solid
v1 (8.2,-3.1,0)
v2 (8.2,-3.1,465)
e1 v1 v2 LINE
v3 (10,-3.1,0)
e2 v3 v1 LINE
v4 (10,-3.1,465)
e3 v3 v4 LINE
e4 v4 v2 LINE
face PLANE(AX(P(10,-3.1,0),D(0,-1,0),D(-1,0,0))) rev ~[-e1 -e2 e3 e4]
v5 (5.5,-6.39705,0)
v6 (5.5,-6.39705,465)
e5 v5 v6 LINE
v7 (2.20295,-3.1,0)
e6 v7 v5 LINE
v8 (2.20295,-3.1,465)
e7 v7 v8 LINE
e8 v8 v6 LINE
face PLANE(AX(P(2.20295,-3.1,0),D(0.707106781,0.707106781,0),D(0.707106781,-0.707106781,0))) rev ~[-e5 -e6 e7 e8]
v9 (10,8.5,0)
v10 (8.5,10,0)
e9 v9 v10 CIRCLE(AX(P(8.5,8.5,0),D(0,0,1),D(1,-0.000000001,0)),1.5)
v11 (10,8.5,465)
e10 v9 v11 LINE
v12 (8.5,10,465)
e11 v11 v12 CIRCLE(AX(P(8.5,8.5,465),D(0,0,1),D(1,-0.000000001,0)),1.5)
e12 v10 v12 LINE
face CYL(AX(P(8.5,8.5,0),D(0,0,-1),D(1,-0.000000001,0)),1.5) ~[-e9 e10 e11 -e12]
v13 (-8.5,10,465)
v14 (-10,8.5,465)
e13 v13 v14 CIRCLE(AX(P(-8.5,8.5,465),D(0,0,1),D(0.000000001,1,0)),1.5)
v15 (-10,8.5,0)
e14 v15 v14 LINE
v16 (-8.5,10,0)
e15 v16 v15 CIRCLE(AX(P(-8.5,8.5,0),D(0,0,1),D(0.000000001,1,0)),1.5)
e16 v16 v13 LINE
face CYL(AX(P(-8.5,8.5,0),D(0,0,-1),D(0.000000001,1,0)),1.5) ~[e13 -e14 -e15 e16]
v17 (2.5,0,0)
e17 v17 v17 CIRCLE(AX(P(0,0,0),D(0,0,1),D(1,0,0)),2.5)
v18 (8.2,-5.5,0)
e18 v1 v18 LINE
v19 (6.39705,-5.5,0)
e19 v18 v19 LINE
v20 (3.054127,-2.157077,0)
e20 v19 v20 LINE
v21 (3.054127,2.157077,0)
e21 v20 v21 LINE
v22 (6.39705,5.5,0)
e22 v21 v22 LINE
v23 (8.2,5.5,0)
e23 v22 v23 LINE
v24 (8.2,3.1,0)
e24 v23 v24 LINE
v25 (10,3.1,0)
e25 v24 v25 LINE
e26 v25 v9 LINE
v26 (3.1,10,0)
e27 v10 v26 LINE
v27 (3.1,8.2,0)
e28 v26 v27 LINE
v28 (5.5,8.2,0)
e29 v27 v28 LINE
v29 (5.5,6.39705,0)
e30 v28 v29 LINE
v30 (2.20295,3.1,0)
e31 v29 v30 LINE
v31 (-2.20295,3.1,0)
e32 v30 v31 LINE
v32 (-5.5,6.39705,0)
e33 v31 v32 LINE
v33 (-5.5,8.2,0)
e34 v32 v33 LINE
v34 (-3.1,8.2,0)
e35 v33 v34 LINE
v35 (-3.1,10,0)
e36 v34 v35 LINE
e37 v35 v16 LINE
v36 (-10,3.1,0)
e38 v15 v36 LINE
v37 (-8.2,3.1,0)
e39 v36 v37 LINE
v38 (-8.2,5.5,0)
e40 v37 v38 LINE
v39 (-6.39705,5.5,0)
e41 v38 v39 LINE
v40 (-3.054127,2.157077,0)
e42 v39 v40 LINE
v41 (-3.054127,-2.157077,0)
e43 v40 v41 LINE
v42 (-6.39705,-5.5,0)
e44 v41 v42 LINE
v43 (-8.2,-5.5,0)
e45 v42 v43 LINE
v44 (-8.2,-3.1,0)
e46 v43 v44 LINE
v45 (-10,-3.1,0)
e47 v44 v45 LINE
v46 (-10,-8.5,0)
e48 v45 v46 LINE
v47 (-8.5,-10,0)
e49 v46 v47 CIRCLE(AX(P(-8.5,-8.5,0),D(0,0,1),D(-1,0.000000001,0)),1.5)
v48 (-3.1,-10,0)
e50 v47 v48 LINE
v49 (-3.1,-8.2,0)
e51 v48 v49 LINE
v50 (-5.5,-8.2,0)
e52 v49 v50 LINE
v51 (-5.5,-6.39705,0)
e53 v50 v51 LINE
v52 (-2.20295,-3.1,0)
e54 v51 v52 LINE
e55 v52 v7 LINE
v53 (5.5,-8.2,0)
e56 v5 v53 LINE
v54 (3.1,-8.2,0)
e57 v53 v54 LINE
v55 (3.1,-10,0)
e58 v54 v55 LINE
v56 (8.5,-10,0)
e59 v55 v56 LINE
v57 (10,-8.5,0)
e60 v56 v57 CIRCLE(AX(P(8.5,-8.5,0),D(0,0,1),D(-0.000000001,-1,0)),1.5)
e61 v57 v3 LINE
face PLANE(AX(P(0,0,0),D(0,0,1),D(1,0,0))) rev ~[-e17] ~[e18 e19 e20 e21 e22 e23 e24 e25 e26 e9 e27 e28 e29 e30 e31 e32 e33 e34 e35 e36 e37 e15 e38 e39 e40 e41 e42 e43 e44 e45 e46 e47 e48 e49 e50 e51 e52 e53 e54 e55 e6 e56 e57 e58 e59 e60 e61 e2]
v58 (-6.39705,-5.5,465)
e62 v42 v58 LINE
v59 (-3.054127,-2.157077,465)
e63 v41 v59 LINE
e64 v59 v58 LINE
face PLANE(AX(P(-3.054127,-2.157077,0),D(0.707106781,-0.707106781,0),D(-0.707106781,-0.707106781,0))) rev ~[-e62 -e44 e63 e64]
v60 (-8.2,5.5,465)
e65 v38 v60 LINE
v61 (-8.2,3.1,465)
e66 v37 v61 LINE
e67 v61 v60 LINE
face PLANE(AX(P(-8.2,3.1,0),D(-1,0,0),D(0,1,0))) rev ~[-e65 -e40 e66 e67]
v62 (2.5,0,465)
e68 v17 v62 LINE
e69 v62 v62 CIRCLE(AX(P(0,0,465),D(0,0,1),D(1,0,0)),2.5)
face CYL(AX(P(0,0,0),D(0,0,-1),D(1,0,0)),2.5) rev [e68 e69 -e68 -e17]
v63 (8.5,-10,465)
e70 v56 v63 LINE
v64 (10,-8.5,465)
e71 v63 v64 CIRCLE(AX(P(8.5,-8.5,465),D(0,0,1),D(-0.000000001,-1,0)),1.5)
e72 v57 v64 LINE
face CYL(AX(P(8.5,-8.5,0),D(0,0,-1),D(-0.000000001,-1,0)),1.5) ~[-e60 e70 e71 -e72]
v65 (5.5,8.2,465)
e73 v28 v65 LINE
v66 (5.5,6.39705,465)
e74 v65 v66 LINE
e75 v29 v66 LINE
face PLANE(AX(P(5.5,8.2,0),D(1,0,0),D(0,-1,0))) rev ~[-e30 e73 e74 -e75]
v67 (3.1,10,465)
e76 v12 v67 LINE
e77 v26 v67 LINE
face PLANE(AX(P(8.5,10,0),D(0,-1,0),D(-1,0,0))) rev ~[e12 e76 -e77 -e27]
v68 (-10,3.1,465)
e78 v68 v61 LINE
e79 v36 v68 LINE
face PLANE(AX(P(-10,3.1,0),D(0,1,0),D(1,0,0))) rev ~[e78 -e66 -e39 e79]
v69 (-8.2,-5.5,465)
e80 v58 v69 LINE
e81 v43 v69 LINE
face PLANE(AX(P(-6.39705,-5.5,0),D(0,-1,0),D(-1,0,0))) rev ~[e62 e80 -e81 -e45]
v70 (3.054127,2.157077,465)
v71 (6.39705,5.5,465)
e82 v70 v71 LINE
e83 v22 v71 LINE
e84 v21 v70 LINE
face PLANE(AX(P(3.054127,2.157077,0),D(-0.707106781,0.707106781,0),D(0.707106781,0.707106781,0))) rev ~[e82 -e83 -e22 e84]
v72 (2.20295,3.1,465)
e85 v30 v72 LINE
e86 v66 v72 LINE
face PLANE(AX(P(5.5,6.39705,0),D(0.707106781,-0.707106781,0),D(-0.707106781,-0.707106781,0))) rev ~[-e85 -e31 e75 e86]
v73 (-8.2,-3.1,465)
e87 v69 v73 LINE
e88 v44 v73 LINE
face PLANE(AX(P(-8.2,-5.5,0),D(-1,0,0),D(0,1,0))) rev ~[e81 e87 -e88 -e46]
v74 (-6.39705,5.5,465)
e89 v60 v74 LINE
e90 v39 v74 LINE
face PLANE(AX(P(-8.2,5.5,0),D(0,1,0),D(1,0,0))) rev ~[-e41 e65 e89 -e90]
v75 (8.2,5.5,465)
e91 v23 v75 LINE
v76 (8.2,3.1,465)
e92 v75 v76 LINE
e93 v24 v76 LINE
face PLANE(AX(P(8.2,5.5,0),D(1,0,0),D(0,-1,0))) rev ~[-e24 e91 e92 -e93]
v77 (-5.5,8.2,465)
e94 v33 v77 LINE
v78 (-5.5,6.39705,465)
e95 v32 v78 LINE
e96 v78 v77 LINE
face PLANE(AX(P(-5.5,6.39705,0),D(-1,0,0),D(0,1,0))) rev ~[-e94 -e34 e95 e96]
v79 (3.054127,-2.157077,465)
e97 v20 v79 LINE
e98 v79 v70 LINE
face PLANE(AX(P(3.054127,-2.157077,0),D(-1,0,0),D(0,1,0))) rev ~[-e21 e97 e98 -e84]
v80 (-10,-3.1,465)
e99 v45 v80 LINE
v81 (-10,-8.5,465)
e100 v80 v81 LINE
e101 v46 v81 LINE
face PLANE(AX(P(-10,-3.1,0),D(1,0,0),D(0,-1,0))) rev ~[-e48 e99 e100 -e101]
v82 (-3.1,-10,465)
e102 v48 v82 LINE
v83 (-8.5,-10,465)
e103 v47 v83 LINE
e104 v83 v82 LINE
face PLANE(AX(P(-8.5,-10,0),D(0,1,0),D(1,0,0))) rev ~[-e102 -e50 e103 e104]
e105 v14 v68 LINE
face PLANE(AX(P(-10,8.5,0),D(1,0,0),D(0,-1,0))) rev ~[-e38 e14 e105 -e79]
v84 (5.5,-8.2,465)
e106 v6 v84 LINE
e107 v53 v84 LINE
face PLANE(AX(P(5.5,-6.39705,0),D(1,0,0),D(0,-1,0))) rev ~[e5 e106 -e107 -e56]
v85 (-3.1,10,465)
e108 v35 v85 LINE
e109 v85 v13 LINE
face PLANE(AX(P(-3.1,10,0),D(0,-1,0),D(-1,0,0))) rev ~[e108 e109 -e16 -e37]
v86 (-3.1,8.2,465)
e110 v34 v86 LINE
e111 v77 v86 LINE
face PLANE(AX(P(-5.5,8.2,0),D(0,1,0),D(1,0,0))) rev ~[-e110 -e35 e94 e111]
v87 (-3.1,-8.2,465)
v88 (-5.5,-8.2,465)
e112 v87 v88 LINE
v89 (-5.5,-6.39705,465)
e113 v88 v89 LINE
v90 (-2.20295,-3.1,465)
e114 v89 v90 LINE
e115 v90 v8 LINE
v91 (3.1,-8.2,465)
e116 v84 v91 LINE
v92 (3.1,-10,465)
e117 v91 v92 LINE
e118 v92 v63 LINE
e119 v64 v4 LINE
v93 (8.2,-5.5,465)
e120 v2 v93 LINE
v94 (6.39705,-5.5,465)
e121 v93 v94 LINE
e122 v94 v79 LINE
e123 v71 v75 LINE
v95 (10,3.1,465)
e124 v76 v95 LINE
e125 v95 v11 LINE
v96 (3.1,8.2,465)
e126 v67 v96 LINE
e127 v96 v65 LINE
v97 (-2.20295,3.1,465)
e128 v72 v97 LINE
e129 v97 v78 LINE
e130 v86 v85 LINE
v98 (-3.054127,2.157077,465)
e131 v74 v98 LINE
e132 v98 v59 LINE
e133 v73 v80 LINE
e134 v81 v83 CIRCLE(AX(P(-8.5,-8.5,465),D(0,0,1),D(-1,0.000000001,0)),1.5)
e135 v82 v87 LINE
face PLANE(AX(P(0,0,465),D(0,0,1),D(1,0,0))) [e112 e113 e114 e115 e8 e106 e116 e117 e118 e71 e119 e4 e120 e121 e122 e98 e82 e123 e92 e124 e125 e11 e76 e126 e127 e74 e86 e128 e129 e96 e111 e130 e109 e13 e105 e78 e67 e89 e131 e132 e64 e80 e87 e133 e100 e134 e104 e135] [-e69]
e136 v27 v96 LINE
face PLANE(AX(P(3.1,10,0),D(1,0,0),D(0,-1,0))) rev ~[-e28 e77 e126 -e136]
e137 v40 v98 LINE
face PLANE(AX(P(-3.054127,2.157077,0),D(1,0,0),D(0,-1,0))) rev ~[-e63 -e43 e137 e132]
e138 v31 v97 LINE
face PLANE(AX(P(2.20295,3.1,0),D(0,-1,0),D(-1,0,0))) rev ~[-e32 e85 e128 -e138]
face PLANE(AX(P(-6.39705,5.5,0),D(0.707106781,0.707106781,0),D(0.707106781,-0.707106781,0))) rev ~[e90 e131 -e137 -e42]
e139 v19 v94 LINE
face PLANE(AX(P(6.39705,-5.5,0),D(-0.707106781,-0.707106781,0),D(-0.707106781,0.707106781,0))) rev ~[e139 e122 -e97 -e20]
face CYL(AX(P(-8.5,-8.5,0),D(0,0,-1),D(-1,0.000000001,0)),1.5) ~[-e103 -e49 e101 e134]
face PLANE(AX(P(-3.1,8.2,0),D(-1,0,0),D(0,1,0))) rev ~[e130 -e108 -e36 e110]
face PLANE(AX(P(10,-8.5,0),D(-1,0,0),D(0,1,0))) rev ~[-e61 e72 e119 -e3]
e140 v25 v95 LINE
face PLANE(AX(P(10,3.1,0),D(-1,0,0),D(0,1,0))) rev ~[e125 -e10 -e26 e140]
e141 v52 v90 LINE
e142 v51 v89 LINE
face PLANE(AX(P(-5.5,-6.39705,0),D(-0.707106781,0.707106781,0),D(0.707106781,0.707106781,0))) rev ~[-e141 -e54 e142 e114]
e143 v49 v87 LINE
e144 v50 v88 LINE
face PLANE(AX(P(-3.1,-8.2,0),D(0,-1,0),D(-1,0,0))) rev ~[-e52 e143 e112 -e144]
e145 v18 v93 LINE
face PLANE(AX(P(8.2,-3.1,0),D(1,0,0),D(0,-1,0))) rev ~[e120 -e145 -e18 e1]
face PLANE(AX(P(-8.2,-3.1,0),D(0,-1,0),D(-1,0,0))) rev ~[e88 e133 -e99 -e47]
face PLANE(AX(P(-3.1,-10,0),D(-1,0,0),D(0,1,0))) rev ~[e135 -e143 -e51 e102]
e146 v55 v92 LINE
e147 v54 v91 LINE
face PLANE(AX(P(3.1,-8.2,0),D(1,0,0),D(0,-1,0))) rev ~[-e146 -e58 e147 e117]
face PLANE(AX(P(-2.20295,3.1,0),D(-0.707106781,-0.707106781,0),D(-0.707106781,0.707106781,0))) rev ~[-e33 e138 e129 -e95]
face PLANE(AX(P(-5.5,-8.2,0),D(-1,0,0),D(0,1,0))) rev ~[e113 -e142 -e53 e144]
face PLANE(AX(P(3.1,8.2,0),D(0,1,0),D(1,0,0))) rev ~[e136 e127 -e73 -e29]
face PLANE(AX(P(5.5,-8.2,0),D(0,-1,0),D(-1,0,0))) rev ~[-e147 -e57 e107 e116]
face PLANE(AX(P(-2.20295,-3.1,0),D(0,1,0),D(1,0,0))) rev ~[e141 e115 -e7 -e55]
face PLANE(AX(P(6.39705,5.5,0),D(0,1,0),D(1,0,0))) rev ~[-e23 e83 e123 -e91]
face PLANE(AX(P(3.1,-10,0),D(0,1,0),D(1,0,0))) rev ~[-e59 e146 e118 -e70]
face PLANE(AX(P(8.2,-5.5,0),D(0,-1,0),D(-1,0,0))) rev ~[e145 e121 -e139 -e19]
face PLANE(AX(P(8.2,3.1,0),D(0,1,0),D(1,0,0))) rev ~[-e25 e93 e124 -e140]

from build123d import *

# Parameters (mm, degrees)
SKETCH_1_R      = 2.5
EXTRUDE_1_DEPTH = 465


with BuildPart() as part:
    # 草图1 → 凸台-拉伸1 (new body)
    with BuildSketch(Plane.XY):
        with BuildLine():
            Line((-8.2, -3.1), (-10, -3.1))
            Line((-10, -3.1), (-10, -8.5))
            ThreePointArc((-10, -8.5), (-9.560660172, -9.560660172), (-8.5, -10))
            Line((-8.5, -10), (-3.1, -10))
            Line((-3.1, -10), (-3.1, -8.2))
            Line((-3.1, -8.2), (-5.5, -8.2))
            Line((-5.5, -8.2), (-5.5, -6.397050155))
            Line((-5.5, -6.397050155), (-2.202949845, -3.1))
            Line((-2.202949845, -3.1), (2.202949845, -3.1))
            Line((2.202949845, -3.1), (5.5, -6.397050155))
            Line((5.5, -6.397050155), (5.5, -8.2))
            Line((5.5, -8.2), (3.1, -8.2))
            Line((3.1, -8.2), (3.1, -10))
            Line((3.1, -10), (8.5, -10))
            ThreePointArc((8.5, -10), (9.560660172, -9.560660172), (10, -8.5))
            Line((10, -8.5), (10, -3.1))
            Line((10, -3.1), (8.2, -3.1))
            Line((8.2, -3.1), (8.2, -5.5))
            Line((8.2, -5.5), (6.397050155, -5.5))
            Line((6.397050155, -5.5), (3.05412702, -2.157076865))
            Line((3.05412702, -2.157076865), (3.05412702, 2.157076865))
            Line((3.05412702, 2.157076865), (6.397050155, 5.5))
            Line((6.397050155, 5.5), (8.2, 5.5))
            Line((8.2, 5.5), (8.2, 3.1))
            Line((8.2, 3.1), (10, 3.1))
            Line((10, 3.1), (10, 8.5))
            ThreePointArc((10, 8.5), (9.560660172, 9.560660172), (8.5, 10))
            Line((8.5, 10), (3.1, 10))
            Line((3.1, 10), (3.1, 8.2))
            Line((3.1, 8.2), (5.5, 8.2))
            Line((5.5, 8.2), (5.5, 6.397050155))
            Line((5.5, 6.397050155), (2.202949845, 3.1))
            Line((2.202949845, 3.1), (-2.202949845, 3.1))
            Line((-2.202949845, 3.1), (-5.5, 6.397050155))
            Line((-5.5, 6.397050155), (-5.5, 8.2))
            Line((-5.5, 8.2), (-3.1, 8.2))
            Line((-3.1, 8.2), (-3.1, 10))
            Line((-3.1, 10), (-8.5, 10))
            ThreePointArc((-8.5, 10), (-9.560660172, 9.560660172), (-10, 8.5))
            Line((-10, 8.5), (-10, 3.1))
            Line((-10, 3.1), (-8.2, 3.1))
            Line((-8.2, 3.1), (-8.2, 5.5))
            Line((-8.2, 5.5), (-6.397050155, 5.5))
            Line((-6.397050155, 5.5), (-3.05412702, 2.157076865))
            Line((-3.05412702, 2.157076865), (-3.05412702, -2.157076865))
            Line((-3.05412702, -2.157076865), (-6.397050155, -5.5))
            Line((-6.397050155, -5.5), (-8.2, -5.5))
            Line((-8.2, -5.5), (-8.2, -3.1))
        make_face()
        Circle(SKETCH_1_R, mode=Mode.SUBTRACT)
    extrude(amount=EXTRUDE_1_DEPTH)


solid = part.part
